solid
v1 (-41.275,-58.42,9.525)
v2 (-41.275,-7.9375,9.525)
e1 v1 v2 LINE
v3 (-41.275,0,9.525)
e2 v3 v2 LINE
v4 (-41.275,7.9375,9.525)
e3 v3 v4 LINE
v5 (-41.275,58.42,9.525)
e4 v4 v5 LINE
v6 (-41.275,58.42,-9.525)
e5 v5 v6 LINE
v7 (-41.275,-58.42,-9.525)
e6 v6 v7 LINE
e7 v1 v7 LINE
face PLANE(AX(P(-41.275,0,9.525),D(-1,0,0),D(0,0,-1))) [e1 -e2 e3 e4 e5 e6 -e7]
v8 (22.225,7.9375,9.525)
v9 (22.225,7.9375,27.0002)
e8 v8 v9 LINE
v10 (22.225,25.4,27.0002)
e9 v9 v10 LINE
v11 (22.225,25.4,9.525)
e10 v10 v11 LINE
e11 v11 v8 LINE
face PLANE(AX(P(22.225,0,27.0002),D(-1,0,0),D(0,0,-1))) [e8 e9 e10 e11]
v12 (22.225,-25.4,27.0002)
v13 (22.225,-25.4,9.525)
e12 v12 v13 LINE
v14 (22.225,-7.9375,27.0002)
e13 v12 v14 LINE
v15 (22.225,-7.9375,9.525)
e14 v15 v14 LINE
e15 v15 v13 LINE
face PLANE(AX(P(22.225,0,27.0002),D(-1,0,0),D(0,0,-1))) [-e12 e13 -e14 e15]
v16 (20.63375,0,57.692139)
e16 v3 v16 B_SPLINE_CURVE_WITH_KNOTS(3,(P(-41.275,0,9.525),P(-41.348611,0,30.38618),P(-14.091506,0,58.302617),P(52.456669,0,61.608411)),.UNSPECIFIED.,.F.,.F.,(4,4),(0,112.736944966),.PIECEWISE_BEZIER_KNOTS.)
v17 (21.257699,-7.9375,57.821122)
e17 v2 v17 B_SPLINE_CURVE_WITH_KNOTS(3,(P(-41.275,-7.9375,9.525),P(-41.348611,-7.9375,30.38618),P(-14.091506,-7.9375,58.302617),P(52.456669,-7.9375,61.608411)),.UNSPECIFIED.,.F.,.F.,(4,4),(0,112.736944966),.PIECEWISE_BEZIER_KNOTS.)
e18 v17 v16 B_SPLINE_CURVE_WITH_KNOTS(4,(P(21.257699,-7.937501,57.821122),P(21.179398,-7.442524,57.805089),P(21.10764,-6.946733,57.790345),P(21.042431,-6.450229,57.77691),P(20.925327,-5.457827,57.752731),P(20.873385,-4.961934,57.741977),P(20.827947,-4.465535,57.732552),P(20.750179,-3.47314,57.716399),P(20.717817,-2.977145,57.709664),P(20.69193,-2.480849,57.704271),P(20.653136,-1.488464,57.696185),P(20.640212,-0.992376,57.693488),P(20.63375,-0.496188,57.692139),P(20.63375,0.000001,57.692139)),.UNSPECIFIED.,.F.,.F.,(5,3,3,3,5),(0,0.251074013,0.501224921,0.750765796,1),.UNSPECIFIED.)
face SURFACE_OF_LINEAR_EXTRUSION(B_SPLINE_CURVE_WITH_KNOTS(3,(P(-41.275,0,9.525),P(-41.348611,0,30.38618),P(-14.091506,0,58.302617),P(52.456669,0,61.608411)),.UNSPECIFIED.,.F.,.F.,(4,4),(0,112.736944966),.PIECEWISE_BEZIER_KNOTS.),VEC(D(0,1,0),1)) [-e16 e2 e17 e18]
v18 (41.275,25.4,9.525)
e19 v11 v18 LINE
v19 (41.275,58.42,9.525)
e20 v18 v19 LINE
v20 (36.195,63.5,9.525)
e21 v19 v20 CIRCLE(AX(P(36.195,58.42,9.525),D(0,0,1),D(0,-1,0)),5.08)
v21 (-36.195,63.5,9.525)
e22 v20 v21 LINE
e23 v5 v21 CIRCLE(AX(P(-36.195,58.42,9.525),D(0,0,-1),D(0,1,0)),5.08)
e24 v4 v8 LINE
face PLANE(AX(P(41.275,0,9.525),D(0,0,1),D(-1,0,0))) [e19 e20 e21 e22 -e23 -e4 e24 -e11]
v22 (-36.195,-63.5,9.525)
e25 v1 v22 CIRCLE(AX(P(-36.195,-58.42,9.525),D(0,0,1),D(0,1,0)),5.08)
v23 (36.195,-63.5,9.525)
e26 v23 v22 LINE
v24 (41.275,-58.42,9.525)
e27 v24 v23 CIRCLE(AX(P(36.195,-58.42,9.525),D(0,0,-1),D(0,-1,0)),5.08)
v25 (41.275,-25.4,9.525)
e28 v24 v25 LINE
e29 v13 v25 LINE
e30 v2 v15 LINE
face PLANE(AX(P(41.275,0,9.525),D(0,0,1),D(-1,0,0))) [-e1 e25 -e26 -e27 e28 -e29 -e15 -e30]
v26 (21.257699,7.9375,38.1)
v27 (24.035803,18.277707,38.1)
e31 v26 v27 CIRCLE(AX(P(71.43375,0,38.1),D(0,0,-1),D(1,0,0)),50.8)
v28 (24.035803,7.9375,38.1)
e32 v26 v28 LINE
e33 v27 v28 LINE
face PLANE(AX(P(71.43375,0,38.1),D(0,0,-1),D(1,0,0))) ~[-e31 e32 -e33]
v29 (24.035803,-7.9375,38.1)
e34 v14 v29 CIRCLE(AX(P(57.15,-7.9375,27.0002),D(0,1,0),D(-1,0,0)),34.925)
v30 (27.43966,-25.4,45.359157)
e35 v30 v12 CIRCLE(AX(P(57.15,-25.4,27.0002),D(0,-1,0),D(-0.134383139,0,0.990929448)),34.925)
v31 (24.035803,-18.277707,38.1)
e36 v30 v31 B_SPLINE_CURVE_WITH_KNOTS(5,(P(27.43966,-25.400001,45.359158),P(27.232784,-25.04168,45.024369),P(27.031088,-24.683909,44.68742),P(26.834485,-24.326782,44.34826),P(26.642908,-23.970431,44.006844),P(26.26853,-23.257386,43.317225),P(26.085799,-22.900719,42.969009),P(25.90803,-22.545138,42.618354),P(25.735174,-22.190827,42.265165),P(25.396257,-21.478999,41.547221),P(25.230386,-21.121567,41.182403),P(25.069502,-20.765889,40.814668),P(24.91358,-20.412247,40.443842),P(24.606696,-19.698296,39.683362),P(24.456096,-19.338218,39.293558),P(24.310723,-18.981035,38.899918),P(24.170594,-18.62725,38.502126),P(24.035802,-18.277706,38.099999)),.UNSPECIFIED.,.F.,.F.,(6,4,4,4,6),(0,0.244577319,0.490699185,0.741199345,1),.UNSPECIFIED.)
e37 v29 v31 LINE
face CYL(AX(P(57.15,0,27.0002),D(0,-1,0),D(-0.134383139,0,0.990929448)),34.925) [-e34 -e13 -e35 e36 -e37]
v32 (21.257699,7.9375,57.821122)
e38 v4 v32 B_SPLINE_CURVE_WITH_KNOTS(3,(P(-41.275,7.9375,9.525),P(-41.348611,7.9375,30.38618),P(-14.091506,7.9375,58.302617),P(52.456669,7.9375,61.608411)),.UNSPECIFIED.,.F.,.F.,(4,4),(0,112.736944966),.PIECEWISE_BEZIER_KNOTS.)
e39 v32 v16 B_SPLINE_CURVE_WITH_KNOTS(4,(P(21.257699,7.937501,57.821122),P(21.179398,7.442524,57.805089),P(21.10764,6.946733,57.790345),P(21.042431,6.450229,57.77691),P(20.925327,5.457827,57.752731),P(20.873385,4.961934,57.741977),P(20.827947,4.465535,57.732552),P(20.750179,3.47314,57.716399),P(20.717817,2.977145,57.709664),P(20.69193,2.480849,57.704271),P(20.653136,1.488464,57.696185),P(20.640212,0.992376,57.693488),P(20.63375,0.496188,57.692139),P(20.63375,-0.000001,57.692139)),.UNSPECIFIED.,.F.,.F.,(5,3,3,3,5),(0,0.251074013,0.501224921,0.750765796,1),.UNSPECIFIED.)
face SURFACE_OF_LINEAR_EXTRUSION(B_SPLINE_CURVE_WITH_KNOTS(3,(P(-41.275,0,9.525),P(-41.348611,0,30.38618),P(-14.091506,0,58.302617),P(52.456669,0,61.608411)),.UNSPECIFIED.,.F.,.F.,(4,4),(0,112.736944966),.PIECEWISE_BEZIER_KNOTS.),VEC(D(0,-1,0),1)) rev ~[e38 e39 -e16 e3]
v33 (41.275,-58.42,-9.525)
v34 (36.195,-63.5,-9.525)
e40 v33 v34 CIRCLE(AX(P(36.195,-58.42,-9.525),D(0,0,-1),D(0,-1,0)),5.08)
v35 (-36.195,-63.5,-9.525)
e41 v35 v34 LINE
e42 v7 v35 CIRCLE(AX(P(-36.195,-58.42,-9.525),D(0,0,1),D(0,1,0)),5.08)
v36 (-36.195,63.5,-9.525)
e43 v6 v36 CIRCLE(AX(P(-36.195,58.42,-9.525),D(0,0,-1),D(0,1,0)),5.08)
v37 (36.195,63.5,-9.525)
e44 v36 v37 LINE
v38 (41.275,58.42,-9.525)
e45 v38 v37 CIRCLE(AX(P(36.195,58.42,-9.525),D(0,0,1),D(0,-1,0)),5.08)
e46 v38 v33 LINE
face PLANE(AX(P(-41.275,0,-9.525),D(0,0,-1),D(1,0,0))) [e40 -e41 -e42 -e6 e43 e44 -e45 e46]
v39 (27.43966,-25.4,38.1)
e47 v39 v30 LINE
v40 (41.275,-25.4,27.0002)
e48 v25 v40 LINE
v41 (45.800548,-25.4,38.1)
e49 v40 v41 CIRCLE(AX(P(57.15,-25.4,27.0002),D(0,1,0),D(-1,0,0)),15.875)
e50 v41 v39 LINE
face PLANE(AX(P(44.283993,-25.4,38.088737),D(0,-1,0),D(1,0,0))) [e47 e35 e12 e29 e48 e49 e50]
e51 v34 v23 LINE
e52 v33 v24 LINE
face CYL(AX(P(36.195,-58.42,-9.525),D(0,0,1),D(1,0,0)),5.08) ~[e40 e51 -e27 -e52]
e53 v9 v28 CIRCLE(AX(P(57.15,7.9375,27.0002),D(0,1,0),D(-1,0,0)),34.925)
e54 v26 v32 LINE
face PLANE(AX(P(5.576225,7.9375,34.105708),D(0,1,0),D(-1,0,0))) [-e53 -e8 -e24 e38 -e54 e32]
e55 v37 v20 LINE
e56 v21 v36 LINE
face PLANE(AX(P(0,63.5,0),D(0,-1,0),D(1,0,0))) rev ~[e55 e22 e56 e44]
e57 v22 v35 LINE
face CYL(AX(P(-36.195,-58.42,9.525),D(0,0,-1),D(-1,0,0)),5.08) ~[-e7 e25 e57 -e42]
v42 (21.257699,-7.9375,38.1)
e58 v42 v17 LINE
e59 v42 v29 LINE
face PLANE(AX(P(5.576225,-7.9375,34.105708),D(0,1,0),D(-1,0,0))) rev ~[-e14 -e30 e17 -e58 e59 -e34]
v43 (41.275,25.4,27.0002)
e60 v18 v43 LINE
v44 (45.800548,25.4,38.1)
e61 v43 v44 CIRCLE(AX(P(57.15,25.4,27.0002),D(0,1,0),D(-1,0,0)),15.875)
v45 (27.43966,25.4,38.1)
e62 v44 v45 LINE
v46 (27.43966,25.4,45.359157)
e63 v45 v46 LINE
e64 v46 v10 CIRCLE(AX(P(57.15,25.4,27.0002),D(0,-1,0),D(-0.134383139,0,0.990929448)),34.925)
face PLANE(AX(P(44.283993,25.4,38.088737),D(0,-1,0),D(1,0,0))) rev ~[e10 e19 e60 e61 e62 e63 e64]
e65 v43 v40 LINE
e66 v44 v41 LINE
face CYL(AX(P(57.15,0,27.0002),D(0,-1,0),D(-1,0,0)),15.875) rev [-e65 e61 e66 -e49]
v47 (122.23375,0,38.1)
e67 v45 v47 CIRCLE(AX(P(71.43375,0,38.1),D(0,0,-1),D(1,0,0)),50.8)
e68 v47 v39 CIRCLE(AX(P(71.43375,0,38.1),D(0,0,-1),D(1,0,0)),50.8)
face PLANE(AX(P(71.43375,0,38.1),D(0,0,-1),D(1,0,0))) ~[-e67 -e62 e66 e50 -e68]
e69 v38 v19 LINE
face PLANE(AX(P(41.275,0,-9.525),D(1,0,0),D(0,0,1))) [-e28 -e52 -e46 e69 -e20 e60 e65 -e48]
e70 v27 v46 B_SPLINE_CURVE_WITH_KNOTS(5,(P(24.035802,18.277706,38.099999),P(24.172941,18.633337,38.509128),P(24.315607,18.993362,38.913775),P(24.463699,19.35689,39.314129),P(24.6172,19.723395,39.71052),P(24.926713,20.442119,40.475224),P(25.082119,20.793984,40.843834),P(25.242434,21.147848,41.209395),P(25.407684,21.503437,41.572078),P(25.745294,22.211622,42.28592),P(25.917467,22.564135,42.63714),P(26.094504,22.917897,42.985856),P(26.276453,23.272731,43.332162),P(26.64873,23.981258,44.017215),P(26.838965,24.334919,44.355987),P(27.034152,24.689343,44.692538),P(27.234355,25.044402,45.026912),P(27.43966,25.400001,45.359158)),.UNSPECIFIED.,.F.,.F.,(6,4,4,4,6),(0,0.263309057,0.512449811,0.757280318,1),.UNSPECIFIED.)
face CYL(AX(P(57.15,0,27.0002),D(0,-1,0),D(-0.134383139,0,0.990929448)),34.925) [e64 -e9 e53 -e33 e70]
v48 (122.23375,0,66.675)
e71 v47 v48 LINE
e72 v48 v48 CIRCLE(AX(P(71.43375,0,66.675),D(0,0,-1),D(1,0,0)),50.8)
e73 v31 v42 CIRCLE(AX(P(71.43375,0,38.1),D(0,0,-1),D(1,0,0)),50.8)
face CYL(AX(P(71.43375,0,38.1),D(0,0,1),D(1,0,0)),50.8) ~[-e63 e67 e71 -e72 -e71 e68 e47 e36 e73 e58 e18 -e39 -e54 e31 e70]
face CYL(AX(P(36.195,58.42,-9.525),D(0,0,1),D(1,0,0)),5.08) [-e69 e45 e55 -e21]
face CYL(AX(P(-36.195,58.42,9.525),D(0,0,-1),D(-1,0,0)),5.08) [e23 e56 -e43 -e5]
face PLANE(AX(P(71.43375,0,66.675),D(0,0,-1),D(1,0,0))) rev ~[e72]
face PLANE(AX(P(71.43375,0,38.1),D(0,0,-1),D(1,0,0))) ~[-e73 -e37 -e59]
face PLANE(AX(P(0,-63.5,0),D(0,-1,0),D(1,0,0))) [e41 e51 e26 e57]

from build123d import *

# Parameters (mm, degrees)
F1_DEPTH = 63.5
F2_DEPTH = 25.4
F3_DEPTH = 7.9375
F0_W     = 14.291249726
F0_H     = 4.7752
F0_H_2   = 4.7498
F0_H_3   = 19.05
F5_R     = 5.08


with BuildPart() as f1:
    # F0 (on Front) → F1 (new body, symmetric)
    with BuildSketch(Plane.XZ):
        Polygon((22.225, 9.525), (-41.275, 9.525), (-41.275, -9.525), (41.275, -9.525), (41.275, 9.525), align=None)
    extrude(amount=F1_DEPTH, both=True)

    # F0 (on Front) → F2 (join, symmetric)
    with BuildSketch(Plane.XZ):
        with BuildLine():
            Line((22.225, 27.0002), (22.225, 9.525))
            Line((22.225, 9.525), (41.275, 9.525))
            Line((41.275, 9.525), (41.275, 27.0002))
            ThreePointArc((41.275, 27.0002), (45.9246798487, 38.2255201513), (57.15, 42.8752))
            Line((57.15, 42.8752), (71.433750274, 42.8752))
            Line((71.433750274, 42.8752), (71.433750274, 61.9252))
            Line((71.433750274, 61.9252), (67.8752437234, 61.9252))
            Line((67.8752437234, 61.9252), (63.7876612968, 61.9252))
            add(Edge.make_bspline(
                [(52.4566688637, 61.6084109888), (56.1143116658, 61.7901051123), (59.8906472041, 61.8974539816), (63.7876612968, 61.9252)],
                knots=[112.7369449664, 112.7369449664, 112.7369449664, 112.7369449664, 118.9332301847, 118.9332301847, 118.9332301847, 118.9332301847], degree=3))
            ThreePointArc((52.4566688637, 61.6084109888), (30.8472414476, 49.9767210059), (22.225, 27.0002))
        make_face()
    extrude(amount=F2_DEPTH, both=True)

    # F0 (on Front) → F3 (join, symmetric)
    with BuildSketch(Plane.XZ):
        with BuildLine():
            add(Edge.make_bspline(
                [(-41.275, 9.525), (-41.3486110715, 30.3861799307), (-14.0915064954, 58.3026173271), (52.4566688637, 61.6084109888)],
                knots=[0, 0, 0, 0, 112.7369449664, 112.7369449664, 112.7369449664, 112.7369449664], degree=3))
            Line((-41.275, 9.525), (22.225, 9.525))
            Line((22.225, 9.525), (22.225, 27.0002))
            ThreePointArc((22.225, 27.0002), (30.8472414476, 49.9767210059), (52.4566688637, 61.6084109888))
        make_face()
    extrude(amount=F3_DEPTH, both=True)

    # F0 (on Front) → F4 (revolve)
    with BuildSketch(Plane.XZ):
        with Locations((78.579375137, 40.4876)):
            Rectangle(F0_W, F0_H)
        with Locations((78.579375137, 64.3001)):
            Rectangle(F0_W, F0_H_2)
        with Locations((78.579375137, 52.4002)):
            Rectangle(F0_W, F0_H_3)
        Polygon((85.725, 66.675), (85.725, 61.9252), (85.725, 42.8752), (85.725, 38.1), (122.233750274, 38.1), (122.233750274, 66.675), align=None)
    revolve(axis=Axis((71.433750274, 0, 52.3875), (0, 0, -1)))

    # F5
    f5_edges = [f1.edges().sort_by_distance(p)[0] for p in [
        (41.275, -63.5, 0),
        (-41.275, -63.5, 0),
        (41.275, 63.5, 0),
        (-41.275, 63.5, 0),
    ]]
    fillet(f5_edges, radius=F5_R)


solid = f1.part
